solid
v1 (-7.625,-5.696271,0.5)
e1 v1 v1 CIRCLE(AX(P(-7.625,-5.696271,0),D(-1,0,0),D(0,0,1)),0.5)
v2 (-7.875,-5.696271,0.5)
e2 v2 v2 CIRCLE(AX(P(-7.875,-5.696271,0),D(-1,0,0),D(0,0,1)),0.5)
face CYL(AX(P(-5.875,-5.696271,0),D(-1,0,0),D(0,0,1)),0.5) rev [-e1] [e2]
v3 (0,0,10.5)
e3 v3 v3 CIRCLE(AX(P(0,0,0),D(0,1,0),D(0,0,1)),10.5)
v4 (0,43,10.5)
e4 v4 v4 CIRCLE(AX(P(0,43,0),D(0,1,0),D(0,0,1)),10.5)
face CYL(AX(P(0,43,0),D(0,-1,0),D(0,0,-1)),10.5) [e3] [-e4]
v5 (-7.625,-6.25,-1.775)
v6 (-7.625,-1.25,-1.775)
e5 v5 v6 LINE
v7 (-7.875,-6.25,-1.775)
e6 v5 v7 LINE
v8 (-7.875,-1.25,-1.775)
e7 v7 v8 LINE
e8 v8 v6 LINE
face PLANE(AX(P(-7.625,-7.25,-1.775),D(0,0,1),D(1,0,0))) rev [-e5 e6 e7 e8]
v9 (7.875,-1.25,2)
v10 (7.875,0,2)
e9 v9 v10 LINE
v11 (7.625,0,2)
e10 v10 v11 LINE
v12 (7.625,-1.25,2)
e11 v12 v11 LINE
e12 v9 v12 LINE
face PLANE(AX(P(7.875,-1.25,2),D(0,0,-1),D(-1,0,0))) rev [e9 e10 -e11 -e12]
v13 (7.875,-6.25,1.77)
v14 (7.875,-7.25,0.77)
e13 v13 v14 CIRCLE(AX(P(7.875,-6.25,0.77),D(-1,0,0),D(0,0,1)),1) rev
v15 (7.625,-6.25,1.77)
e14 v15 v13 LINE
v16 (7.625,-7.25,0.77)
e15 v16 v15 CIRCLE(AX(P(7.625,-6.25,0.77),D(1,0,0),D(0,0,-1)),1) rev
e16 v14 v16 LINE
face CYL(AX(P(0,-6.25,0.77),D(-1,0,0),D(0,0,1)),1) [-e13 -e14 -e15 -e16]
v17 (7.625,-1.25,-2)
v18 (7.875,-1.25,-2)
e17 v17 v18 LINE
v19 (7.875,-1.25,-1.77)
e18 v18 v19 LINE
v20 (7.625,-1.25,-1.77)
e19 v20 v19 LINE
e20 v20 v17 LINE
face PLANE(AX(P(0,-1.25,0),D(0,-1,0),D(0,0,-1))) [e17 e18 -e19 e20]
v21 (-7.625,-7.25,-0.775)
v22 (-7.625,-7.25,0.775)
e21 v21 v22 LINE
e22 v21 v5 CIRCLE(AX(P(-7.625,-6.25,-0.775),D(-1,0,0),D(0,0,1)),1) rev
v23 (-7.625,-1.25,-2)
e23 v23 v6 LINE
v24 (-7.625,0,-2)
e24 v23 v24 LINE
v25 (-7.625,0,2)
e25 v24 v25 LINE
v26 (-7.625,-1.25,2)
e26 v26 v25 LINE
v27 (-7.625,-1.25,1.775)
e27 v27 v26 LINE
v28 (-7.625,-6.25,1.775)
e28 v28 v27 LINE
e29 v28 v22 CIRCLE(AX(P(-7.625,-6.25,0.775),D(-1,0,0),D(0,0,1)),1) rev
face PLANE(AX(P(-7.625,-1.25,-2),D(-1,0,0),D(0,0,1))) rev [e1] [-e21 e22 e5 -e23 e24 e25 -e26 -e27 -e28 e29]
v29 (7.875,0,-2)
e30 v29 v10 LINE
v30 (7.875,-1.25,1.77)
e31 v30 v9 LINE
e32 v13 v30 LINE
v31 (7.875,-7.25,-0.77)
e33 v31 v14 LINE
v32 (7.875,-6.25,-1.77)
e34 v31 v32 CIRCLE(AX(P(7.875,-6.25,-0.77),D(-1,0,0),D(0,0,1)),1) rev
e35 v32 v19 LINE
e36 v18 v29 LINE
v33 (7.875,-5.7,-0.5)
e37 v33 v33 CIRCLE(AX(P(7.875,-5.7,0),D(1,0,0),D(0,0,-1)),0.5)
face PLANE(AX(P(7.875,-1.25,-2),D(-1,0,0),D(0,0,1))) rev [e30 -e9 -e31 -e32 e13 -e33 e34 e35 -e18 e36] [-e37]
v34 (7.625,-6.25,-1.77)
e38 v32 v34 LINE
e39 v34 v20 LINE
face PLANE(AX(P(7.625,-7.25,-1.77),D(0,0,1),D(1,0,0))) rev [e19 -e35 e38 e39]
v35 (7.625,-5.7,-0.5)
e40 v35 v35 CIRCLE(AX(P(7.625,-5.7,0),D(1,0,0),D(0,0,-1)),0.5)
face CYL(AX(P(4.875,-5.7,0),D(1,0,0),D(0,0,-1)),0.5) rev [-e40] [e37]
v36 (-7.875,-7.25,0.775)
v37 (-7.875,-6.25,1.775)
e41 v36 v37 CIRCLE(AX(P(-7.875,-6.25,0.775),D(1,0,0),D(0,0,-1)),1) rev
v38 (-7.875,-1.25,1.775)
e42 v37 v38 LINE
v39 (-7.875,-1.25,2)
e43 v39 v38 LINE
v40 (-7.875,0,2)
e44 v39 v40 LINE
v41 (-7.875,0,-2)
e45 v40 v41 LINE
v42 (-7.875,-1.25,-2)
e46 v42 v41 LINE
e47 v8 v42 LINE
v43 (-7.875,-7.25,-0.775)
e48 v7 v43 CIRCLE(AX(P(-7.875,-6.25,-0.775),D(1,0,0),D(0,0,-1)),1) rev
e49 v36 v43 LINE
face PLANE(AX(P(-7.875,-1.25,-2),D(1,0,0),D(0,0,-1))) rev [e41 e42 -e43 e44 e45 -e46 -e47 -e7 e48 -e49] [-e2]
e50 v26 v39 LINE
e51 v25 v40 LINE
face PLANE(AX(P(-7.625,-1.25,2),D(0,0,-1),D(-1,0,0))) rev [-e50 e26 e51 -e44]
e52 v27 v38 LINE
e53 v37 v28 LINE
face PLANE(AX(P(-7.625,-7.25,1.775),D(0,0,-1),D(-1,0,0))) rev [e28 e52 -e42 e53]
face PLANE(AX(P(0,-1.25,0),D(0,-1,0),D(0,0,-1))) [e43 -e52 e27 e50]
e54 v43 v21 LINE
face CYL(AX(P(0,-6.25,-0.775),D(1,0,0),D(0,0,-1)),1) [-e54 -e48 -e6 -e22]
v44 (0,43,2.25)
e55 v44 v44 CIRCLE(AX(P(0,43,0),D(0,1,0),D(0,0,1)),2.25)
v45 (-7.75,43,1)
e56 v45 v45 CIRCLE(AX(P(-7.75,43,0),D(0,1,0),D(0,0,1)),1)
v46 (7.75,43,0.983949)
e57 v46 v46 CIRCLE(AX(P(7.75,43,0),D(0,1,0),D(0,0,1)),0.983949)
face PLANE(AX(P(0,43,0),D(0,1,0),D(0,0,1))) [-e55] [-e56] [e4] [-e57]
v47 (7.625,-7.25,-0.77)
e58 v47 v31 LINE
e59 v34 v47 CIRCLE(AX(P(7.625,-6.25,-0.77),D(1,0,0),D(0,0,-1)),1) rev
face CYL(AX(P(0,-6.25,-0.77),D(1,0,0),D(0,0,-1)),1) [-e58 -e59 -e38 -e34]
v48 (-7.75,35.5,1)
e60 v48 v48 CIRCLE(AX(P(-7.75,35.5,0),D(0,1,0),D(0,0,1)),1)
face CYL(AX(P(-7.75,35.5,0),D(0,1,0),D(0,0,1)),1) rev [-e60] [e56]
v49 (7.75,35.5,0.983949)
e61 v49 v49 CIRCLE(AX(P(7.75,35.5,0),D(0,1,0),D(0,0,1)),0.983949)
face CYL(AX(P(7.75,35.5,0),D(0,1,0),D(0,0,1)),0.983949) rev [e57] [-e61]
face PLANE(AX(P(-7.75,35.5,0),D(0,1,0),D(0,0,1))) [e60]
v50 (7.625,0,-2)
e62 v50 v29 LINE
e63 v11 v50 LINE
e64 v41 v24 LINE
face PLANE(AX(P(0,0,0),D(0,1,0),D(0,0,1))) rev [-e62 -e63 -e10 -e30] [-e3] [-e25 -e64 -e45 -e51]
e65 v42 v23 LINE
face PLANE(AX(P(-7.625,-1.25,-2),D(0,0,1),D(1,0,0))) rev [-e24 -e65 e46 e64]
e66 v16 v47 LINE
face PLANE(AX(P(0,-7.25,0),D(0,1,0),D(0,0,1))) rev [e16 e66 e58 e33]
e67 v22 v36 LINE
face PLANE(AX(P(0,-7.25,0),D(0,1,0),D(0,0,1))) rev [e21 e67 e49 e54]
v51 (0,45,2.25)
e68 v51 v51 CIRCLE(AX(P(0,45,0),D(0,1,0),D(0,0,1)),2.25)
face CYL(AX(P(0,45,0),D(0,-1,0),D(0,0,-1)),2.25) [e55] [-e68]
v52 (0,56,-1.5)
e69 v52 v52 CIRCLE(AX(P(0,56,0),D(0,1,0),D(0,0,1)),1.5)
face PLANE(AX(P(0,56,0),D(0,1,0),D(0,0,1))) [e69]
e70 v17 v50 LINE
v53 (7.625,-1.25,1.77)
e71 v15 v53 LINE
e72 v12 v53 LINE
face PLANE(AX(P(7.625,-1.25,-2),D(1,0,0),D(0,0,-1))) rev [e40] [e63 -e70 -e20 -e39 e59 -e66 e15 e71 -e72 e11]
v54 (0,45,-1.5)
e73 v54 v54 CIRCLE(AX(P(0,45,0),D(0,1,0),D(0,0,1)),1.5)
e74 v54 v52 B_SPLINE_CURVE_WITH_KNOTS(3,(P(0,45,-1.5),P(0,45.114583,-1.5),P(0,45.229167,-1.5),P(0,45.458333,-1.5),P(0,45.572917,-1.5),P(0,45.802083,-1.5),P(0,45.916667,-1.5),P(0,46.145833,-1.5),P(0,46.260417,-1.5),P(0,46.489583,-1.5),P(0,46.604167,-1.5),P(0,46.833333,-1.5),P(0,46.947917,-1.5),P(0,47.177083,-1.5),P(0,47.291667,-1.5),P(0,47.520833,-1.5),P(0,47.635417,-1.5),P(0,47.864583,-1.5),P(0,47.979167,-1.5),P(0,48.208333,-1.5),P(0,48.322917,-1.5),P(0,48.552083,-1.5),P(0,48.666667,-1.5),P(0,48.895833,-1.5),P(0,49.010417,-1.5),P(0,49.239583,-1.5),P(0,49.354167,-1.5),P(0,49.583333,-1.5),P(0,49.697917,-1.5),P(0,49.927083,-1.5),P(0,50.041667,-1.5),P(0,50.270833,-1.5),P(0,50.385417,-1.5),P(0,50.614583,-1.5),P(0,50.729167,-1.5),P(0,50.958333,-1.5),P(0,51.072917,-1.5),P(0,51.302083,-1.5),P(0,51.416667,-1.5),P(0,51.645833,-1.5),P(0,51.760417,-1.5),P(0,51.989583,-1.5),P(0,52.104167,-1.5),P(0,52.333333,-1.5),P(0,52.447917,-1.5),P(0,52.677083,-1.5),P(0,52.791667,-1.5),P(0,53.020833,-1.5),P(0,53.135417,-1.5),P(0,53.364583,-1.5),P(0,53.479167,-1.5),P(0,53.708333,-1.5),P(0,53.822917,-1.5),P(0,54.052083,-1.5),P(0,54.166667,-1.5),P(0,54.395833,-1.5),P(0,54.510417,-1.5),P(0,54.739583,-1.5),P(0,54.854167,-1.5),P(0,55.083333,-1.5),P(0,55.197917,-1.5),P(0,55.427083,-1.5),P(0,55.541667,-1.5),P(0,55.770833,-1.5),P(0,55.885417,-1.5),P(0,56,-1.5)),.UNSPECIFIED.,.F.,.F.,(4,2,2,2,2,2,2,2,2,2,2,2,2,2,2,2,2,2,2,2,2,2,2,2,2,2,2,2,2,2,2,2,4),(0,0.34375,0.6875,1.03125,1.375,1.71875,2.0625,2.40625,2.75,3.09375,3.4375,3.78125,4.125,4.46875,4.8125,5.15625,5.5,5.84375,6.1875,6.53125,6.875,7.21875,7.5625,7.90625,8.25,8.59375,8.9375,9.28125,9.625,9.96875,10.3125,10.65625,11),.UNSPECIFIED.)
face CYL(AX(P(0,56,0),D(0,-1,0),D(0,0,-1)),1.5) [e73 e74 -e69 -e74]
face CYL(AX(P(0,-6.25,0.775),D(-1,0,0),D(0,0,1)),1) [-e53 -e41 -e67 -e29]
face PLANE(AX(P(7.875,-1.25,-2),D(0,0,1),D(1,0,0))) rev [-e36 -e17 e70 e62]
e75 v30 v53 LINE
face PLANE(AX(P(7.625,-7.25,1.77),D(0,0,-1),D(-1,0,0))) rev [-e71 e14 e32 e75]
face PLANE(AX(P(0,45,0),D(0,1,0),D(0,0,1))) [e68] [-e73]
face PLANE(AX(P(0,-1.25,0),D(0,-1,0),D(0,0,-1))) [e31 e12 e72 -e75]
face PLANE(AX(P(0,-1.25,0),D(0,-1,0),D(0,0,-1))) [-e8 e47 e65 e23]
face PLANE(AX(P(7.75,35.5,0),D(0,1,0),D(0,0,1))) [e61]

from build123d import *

# Parameters (mm, degrees)
SKETCH1_R           = 10.5
BOSS_EXTRUDE1_DEPTH = 43
SKETCH2_R           = 1.5
BOSS_EXTRUDE2_DEPTH = 13
SKETCH3_R           = 2.25
BOSS_EXTRUDE3_DEPTH = 2
SKETCH4_R           = 0.98394946
SKETCH4_R_2         = 1
CUT_EXTRUDE1_DEPTH  = 7.5
SKETCH5_W           = 0.25
SKETCH5_H           = 4
BOSS_EXTRUDE4_DEPTH = 1.25
SKETCH6_W           = 0.25
SKETCH6_H           = 3.55
BOSS_EXTRUDE5_DEPTH = 6
FILLET1_R           = 1
SKETCH7_R           = 0.5
CUT_EXTRUDE2_DEPTH  = 2
SKETCH8_W           = 0.25
SKETCH8_H           = 3.54
BOSS_EXTRUDE6_DEPTH = 6
FILLET2_R           = 1
SKETCH9_R           = 0.5
CUT_EXTRUDE3_DEPTH  = 3


with BuildPart() as part:
    # Sketch1 → Boss-Extrude1 (new body)
    with BuildSketch(Plane(origin=(0, 0, 0), x_dir=(1, 0, 0), z_dir=(0, 1, 0))):
        with Locations(Location((0, 0, 0), (0, 0, 270))):
            Circle(SKETCH1_R)
    extrude(amount=BOSS_EXTRUDE1_DEPTH)

    # Sketch2 → Boss-Extrude2 (add)
    with BuildSketch(Plane(origin=(0, 43, 0), x_dir=(1, 0, 0), z_dir=(0, 1, 0))):
        with Locations(Location((0, 0, 0), (0, 0, 90))):
            Circle(SKETCH2_R)
    extrude(amount=BOSS_EXTRUDE2_DEPTH)

    # Sketch3 → Boss-Extrude3 (add)
    with BuildSketch(Plane(origin=(0, 43, 0), x_dir=(1, 0, 0), z_dir=(0, 1, 0))):
        with Locations(Location((0, 0, 0), (0, 0, 270))):
            Circle(SKETCH3_R)
    extrude(amount=BOSS_EXTRUDE3_DEPTH)

    # Sketch4 → Cut-Extrude1 (cut)
    with BuildSketch(Plane(origin=(0, 43, 0), x_dir=(1, 0, 0), z_dir=(0, 1, 0))):
        with Locations(Location((7.75, 0, 0), (0, 0, 270))):
            Circle(SKETCH4_R)
        with Locations(Location((-7.75, 0, 0), (0, 0, 270))):
            Circle(SKETCH4_R_2)
    extrude(amount=-CUT_EXTRUDE1_DEPTH, mode=Mode.SUBTRACT)

    # Sketch5 → Boss-Extrude4 (add)
    with BuildSketch(Plane.XZ):
        with Locations((7.75, 0)):
            Rectangle(SKETCH5_W, SKETCH5_H)
        with Locations((-7.75, 0)):
            Rectangle(SKETCH5_W, SKETCH5_H)
    extrude(amount=BOSS_EXTRUDE4_DEPTH)

    # Sketch6 → Boss-Extrude5 (add)
    with BuildSketch(Plane.XZ.offset(1.25)):
        with Locations((-7.75, 0)):
            Rectangle(SKETCH6_W, SKETCH6_H)
    extrude(amount=BOSS_EXTRUDE5_DEPTH)

    # Fillet1
    fillet1_edges = [part.edges().sort_by_distance(p)[0] for p in [
        (-7.75, -7.25, 1.775),
        (-7.75, -7.25, -1.775),
    ]]
    fillet(fillet1_edges, radius=FILLET1_R)

    # Sketch7 → Cut-Extrude2 (cut)
    with BuildSketch(Plane.ZY.offset(7.875)):
        with Locations((0, -5.696270768)):
            Circle(SKETCH7_R)
    extrude(amount=-CUT_EXTRUDE2_DEPTH, mode=Mode.SUBTRACT)

    # Sketch8 → Boss-Extrude6 (add)
    with BuildSketch(Plane.XZ.offset(1.25)):
        with Locations((7.75, 0)):
            Rectangle(SKETCH8_W, SKETCH8_H)
    extrude(amount=BOSS_EXTRUDE6_DEPTH)

    # Fillet2
    fillet2_edges = [part.edges().sort_by_distance(p)[0] for p in [
        (7.75, -7.25, -1.77),
        (7.75, -7.25, 1.77),
    ]]
    fillet(fillet2_edges, radius=FILLET2_R)

    # Sketch9 → Cut-Extrude3 (cut)
    with BuildSketch(Plane(origin=(7.875, 0, 0), x_dir=(0, 0, -1), z_dir=(1, 0, 0))):
        with Locations((0, -5.7)):
            Circle(SKETCH9_R)
    extrude(amount=-CUT_EXTRUDE3_DEPTH, mode=Mode.SUBTRACT)


solid = part.part
